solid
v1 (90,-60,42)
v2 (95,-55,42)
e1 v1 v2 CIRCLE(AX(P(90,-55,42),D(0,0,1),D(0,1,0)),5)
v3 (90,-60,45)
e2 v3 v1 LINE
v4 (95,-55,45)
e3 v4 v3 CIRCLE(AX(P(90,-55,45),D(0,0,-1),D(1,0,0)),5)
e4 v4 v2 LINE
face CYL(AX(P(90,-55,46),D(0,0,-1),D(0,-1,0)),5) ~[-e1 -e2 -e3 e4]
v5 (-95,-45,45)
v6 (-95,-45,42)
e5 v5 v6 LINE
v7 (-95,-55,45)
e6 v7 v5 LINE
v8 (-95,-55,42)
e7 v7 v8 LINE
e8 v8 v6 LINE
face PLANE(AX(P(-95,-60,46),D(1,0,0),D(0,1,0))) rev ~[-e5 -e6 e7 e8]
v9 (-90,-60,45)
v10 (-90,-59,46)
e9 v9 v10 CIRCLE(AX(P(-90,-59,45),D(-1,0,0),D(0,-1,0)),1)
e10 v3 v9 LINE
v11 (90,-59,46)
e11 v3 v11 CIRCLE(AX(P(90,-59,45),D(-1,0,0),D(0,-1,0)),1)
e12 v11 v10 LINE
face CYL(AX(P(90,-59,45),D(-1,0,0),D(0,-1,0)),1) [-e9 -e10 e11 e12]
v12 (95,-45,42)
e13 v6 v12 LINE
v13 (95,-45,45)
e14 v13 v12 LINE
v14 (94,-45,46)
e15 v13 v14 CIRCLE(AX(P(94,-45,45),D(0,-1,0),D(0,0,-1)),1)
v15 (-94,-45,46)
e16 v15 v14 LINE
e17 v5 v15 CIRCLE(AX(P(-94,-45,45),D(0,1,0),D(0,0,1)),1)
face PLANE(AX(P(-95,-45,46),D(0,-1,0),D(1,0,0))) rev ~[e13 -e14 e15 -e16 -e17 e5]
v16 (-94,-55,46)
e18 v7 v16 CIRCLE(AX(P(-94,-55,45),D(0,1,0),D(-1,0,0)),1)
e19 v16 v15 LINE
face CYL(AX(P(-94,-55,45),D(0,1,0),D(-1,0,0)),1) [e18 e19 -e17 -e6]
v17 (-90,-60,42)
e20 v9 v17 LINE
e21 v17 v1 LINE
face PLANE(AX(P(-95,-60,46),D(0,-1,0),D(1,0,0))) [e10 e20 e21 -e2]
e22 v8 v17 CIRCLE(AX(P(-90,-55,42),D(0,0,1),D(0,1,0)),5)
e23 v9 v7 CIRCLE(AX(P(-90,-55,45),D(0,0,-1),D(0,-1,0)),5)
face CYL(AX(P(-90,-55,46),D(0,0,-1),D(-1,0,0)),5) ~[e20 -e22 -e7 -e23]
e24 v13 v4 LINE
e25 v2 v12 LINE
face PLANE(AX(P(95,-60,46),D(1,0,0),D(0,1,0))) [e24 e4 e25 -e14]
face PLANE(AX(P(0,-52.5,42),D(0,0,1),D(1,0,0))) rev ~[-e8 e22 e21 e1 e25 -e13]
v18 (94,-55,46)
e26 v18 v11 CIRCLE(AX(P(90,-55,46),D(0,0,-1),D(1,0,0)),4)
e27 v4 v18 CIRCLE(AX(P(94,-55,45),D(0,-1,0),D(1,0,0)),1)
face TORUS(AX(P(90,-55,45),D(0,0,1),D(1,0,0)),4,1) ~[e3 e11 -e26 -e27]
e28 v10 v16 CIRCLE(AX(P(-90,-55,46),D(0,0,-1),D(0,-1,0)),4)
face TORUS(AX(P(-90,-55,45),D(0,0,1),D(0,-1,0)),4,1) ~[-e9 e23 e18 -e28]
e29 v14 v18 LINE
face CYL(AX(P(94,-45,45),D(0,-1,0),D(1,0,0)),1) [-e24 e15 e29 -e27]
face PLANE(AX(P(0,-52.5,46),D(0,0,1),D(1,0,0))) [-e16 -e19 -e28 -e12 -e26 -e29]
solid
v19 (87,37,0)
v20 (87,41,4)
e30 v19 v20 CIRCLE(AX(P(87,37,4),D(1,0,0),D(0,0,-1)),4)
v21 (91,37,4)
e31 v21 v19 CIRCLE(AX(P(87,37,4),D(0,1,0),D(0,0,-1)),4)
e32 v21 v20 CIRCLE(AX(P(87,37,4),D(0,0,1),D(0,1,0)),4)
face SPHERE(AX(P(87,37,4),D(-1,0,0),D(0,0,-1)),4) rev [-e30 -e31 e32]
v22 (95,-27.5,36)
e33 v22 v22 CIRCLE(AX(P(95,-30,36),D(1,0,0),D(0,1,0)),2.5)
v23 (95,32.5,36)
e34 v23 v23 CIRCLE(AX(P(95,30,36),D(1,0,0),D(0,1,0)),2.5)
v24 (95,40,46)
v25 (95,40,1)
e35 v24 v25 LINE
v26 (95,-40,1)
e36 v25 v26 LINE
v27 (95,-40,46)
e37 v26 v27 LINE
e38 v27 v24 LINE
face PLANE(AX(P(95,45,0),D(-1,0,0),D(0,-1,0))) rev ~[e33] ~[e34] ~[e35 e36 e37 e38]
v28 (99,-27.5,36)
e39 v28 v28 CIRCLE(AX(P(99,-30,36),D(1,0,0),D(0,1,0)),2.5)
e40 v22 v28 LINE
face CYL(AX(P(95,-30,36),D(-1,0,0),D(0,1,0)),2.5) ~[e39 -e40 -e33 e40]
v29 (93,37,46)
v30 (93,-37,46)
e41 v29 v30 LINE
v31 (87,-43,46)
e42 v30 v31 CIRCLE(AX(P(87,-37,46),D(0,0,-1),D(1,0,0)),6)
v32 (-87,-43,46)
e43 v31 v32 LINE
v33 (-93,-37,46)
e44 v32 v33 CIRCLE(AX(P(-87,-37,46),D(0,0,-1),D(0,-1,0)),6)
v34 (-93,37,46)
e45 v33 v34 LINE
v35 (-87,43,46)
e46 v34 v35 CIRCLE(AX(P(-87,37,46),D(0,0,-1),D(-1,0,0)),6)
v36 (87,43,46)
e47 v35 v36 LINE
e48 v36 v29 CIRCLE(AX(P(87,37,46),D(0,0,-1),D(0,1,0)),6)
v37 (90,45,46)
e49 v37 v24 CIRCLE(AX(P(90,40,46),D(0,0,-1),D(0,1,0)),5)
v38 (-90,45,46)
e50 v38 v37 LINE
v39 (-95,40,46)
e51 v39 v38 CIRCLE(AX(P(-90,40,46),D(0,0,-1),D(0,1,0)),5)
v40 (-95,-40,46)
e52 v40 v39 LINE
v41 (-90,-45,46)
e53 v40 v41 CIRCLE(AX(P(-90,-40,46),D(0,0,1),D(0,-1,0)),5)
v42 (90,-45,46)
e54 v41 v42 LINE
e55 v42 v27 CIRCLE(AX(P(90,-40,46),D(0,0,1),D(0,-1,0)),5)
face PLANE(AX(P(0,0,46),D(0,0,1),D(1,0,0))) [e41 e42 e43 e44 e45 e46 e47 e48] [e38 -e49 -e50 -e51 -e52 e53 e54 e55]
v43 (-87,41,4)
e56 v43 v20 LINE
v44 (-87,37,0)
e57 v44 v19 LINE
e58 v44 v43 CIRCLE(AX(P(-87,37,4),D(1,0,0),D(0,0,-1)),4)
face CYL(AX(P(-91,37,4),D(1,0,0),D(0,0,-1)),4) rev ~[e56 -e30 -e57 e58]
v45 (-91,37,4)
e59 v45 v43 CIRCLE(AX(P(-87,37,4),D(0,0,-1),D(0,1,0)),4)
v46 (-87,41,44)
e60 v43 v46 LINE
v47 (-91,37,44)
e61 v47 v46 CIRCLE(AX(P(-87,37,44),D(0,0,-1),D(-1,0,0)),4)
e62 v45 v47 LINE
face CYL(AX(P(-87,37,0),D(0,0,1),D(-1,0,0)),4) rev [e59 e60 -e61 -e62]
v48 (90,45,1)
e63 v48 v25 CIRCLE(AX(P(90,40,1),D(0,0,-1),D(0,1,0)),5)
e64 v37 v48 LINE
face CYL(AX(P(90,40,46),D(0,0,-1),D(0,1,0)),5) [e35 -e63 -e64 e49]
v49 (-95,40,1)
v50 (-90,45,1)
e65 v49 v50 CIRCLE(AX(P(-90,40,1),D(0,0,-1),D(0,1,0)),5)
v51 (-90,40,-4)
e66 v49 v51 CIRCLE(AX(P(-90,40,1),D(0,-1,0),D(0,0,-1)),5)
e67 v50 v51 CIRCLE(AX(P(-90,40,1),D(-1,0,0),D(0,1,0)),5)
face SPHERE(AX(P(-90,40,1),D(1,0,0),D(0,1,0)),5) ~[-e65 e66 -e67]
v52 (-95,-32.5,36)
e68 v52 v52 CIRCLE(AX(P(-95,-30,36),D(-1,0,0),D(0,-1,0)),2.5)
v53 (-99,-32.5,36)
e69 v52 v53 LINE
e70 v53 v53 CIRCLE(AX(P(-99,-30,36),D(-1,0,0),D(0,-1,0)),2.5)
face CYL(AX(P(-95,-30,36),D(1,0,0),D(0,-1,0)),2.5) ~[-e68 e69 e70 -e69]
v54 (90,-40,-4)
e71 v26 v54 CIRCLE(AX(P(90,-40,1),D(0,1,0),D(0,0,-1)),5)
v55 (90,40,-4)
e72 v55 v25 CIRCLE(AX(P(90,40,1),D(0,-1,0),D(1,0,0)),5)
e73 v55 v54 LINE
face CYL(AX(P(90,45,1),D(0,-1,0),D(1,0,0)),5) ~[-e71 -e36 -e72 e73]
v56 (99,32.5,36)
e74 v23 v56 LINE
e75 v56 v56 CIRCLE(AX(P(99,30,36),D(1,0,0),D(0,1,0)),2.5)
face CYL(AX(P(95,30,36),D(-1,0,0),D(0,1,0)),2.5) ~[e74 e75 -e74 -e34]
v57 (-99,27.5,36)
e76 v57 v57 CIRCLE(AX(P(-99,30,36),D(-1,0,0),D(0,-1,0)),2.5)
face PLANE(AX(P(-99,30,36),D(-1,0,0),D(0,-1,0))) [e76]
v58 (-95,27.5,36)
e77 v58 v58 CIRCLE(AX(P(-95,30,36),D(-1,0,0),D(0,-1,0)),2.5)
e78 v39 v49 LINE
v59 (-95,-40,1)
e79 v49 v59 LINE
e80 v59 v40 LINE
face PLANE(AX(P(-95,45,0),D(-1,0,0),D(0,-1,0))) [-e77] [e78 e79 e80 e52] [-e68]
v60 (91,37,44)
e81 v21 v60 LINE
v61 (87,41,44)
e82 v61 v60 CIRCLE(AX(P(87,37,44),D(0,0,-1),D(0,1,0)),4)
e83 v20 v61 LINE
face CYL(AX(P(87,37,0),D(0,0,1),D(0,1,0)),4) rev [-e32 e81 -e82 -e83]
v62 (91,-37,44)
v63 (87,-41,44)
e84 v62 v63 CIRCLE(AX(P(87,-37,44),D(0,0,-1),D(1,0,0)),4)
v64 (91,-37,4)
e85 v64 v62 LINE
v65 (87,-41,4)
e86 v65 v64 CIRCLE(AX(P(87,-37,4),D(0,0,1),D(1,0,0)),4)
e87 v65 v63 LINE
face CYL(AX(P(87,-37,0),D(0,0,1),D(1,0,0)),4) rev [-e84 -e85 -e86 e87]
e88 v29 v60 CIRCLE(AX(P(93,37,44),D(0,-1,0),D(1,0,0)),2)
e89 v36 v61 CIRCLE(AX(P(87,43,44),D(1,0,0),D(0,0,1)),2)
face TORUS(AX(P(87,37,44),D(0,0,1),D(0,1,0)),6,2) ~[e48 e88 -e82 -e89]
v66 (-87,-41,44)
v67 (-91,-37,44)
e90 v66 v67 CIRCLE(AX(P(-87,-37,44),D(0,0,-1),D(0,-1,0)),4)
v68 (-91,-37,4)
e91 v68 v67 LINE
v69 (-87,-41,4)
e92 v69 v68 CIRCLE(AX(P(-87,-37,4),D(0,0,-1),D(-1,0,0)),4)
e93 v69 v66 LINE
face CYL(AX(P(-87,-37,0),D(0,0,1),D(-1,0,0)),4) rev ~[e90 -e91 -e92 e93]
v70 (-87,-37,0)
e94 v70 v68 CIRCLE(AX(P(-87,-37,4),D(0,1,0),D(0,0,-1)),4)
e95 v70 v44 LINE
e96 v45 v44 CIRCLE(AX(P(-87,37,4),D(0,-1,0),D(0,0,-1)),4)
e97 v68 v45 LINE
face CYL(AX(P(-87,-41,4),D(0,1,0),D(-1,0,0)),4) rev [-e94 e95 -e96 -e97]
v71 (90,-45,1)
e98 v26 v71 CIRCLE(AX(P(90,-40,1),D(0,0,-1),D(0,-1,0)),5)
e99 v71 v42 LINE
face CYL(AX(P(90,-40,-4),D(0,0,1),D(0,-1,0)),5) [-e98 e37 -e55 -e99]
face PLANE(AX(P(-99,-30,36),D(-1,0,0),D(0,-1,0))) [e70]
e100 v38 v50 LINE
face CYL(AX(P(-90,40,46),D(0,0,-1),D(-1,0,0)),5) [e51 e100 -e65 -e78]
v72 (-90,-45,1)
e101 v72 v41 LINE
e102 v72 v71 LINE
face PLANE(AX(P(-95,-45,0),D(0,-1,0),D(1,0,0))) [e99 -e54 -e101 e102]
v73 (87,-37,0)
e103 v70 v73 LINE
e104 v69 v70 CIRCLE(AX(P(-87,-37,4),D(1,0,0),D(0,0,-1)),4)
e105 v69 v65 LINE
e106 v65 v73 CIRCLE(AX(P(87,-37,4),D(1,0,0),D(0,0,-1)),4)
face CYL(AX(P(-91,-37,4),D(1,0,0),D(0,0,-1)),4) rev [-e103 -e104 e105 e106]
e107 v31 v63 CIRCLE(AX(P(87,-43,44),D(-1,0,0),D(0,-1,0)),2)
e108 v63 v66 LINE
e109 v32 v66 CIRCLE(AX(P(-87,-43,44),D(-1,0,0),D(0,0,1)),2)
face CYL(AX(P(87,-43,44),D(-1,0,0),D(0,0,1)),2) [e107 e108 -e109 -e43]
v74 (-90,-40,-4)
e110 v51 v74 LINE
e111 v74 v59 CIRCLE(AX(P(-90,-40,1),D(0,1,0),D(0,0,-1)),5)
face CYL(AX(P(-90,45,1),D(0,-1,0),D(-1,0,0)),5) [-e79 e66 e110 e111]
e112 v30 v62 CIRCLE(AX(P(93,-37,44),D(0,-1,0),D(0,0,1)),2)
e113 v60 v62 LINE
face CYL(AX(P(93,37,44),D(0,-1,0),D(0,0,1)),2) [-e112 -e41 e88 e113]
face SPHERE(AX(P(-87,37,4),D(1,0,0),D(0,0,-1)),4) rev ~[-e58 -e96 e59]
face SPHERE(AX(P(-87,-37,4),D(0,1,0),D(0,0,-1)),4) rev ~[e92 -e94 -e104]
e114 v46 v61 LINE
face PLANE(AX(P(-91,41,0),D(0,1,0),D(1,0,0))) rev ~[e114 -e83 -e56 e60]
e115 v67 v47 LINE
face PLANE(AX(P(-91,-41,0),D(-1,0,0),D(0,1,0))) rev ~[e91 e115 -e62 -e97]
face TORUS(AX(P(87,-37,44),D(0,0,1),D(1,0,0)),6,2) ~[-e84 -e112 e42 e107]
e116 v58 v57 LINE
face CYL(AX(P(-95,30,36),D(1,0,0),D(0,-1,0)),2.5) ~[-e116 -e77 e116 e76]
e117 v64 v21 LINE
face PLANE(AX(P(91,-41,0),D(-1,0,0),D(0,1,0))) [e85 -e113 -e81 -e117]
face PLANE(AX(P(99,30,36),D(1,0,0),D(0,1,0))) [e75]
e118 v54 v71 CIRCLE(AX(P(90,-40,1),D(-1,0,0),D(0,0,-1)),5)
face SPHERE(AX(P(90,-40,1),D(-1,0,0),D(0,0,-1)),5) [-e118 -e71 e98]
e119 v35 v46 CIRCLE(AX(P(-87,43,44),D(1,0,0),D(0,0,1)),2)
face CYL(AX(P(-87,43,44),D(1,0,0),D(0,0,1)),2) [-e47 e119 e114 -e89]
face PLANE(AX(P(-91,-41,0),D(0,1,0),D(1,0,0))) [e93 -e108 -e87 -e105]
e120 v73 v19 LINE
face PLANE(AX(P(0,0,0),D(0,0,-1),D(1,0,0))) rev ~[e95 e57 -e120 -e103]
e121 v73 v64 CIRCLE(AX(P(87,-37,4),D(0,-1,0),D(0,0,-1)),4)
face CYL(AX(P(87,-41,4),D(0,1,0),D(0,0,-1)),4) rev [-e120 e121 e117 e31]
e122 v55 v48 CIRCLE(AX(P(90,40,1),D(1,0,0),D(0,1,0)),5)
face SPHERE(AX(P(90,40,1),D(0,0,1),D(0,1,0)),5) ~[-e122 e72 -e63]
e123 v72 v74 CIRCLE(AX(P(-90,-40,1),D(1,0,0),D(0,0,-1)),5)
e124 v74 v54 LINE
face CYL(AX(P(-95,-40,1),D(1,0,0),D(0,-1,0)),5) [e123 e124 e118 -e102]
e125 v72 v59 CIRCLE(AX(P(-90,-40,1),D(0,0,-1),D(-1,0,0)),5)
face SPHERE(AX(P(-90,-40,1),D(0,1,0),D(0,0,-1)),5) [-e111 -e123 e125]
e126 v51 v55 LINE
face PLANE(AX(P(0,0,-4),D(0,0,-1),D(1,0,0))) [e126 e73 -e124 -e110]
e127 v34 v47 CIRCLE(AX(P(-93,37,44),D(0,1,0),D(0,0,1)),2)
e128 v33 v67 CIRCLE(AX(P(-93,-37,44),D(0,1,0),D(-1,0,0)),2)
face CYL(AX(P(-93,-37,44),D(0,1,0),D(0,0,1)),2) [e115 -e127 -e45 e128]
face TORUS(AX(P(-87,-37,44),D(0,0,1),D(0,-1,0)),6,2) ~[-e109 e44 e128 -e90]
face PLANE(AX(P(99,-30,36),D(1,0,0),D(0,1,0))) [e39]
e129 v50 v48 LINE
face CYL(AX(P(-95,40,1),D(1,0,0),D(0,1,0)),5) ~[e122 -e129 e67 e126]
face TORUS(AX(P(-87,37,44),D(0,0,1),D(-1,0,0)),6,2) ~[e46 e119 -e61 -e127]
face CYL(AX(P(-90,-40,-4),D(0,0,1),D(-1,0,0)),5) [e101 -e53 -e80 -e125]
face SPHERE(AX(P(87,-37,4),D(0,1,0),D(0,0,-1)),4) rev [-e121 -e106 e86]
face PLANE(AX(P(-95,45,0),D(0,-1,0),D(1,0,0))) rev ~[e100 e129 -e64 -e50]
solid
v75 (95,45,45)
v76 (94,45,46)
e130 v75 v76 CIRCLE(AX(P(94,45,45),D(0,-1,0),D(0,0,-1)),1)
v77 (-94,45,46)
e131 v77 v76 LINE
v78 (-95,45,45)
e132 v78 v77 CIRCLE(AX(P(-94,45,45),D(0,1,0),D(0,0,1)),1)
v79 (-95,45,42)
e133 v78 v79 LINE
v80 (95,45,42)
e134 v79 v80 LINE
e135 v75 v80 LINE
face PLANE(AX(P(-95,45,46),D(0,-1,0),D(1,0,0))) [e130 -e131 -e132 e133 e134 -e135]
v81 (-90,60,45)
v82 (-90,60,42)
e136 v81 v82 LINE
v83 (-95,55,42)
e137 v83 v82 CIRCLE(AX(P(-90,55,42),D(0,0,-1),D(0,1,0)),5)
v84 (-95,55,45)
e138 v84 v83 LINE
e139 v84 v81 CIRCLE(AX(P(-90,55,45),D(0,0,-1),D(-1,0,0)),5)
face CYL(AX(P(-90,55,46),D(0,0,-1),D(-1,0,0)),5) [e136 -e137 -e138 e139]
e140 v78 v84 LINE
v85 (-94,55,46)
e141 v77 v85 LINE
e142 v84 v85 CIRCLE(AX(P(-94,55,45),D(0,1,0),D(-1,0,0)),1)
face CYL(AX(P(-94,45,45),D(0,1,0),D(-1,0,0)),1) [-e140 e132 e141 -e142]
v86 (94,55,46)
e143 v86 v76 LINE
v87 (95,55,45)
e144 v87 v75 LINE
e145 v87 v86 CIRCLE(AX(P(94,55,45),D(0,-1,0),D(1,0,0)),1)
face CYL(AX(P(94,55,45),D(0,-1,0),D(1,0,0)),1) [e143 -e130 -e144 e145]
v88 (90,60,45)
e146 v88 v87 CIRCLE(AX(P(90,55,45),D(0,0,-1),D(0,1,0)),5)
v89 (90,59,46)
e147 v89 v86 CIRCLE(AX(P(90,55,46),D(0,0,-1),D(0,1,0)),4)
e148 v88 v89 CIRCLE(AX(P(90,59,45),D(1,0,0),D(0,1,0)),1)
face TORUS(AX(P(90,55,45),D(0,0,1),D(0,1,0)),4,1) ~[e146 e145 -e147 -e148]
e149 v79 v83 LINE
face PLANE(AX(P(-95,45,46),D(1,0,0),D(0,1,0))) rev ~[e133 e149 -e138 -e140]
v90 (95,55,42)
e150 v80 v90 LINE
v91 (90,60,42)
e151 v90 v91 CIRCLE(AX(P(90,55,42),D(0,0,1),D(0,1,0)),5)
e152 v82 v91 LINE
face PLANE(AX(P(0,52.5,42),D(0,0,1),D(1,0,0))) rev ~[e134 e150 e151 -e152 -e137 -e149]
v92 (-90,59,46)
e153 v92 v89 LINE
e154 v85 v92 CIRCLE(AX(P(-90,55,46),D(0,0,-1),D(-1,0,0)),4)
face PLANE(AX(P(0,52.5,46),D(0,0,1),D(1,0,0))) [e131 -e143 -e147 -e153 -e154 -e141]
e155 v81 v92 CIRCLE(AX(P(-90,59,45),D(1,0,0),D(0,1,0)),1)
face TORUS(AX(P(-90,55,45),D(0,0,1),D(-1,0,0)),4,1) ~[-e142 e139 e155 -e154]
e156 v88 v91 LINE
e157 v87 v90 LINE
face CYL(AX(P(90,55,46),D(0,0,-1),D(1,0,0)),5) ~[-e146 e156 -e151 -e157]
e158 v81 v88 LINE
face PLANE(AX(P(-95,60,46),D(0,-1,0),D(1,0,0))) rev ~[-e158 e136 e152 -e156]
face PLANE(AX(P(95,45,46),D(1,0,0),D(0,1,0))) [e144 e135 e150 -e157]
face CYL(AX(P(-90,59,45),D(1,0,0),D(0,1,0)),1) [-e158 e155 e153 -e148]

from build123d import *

# Parameters (mm, degrees)
F0_W      = 190
F0_H      = 90
F0_W_2    = 182
F0_H_2    = 82
F1_DEPTH  = 46
F2_W      = 190
F2_H      = 90
F2_W_2    = 182
F2_H_2    = 82
F3_DEPTH  = 4
F4_R      = 4
F5_W      = 190
F5_H      = 15
F6_DEPTH  = 4
F7_R      = 5
F7_2_R    = 5
F8_R      = 2
F9_R      = 1
F9_2_R    = 1
F10_R     = 5
F11_R     = 2.5
F12_DEPTH = 4
F13_R     = 2.5
F14_DEPTH = 4


with BuildPart() as f1:
    # F0 (on Top) → F1 (new body)
    with BuildSketch(Plane.XY):
        Rectangle(F0_W, F0_H)
        Rectangle(F0_W_2, F0_H_2, mode=Mode.SUBTRACT)
    extrude(amount=F1_DEPTH)

    # F2 (on face) → F3 (join)
    with BuildSketch(Plane(origin=(0, 0, 0), x_dir=(1, 0, 0), z_dir=(0, 0, -1))):
        Rectangle(F2_W, F2_H)
        Rectangle(F2_W_2, F2_H_2, mode=Mode.SUBTRACT)
        Rectangle(F2_W_2, F2_H_2)
    extrude(amount=F3_DEPTH)

    # F4
    f4_edges = [f1.edges().sort_by_distance(p)[0] for p in [
        (0, 41, 0),
        (-91, 0, 0),
        (91, 0, 0),
        (0, -41, 0),
        (91, -41, 23),
        (91, 41, 23),
        (-91, 41, 23),
        (-91, -41, 23),
    ]]
    fillet(f4_edges, radius=F4_R)

    # F8
    f8_edges = [f1.edges().sort_by_distance(p)[0] for p in [
        (0, 41, 46),
        (89.828427, 39.828427, 46),
    ]]
    fillet(f8_edges, radius=F8_R)

    # F10
    f10_edges = [f1.edges().sort_by_distance(p)[0] for p in [
        (95, 45, 21),
        (0, 45, -4),
        (-95, 45, 21),
        (-95, 0, -4),
        (0, -45, -4),
        (95, 0, -4),
        (95, -45, 21),
        (-95, -45, 21),
    ]]
    fillet(f10_edges, radius=F10_R)

    # F11 (on face) → F12 (join)
    with BuildSketch(Plane(origin=(-95, 0, 0), x_dir=(0, -1, 0), z_dir=(-1, 0, 0))):
        with Locations((-30, 36)):
            Circle(F11_R)
        with Locations((30, 36)):
            Circle(F11_R)
    extrude(amount=F12_DEPTH)

    # F13 (on face) → F14 (join)
    with BuildSketch(Plane.YZ.offset(95)):
        with Locations((-30, 36)):
            Circle(F13_R)
        with Locations((30, 36)):
            Circle(F13_R)
    extrude(amount=F14_DEPTH)


with BuildPart() as f6:
    # F5 (on face) → F6 (new body)
    with BuildSketch(Plane.XY.offset(46)):
        with Locations((0, -52.5)):
            Rectangle(F5_W, F5_H)
    extrude(amount=-F6_DEPTH)

    # F7
    f7_edges = [f6.edges().sort_by_distance(p)[0] for p in [
        (-95, -60, 44),
        (95, -60, 44),
    ]]
    fillet(f7_edges, radius=F7_R)

    # F9#2
    f9_2_edges = [f6.edges().sort_by_distance(p)[0] for p in [
        (-95, -50, 46),
    ]]
    fillet(f9_2_edges, radius=F9_2_R)


with BuildPart() as f6b:
    # F5 (on face) → F6, piece 2 (new body)
    with BuildSketch(Plane.XY.offset(46)):
        with Locations((0, 52.5)):
            Rectangle(F5_W, F5_H)
    extrude(amount=-F6_DEPTH)

    # F7#2
    f7_2_edges = [f6b.edges().sort_by_distance(p)[0] for p in [
        (95, 60, 44),
        (-95, 60, 44),
    ]]
    fillet(f7_2_edges, radius=F7_2_R)

    # F9
    f9_edges = [f6b.edges().sort_by_distance(p)[0] for p in [
        (-95, 50, 46),
    ]]
    fillet(f9_edges, radius=F9_R)


solid = Compound([f1.part, f6.part, f6b.part])
